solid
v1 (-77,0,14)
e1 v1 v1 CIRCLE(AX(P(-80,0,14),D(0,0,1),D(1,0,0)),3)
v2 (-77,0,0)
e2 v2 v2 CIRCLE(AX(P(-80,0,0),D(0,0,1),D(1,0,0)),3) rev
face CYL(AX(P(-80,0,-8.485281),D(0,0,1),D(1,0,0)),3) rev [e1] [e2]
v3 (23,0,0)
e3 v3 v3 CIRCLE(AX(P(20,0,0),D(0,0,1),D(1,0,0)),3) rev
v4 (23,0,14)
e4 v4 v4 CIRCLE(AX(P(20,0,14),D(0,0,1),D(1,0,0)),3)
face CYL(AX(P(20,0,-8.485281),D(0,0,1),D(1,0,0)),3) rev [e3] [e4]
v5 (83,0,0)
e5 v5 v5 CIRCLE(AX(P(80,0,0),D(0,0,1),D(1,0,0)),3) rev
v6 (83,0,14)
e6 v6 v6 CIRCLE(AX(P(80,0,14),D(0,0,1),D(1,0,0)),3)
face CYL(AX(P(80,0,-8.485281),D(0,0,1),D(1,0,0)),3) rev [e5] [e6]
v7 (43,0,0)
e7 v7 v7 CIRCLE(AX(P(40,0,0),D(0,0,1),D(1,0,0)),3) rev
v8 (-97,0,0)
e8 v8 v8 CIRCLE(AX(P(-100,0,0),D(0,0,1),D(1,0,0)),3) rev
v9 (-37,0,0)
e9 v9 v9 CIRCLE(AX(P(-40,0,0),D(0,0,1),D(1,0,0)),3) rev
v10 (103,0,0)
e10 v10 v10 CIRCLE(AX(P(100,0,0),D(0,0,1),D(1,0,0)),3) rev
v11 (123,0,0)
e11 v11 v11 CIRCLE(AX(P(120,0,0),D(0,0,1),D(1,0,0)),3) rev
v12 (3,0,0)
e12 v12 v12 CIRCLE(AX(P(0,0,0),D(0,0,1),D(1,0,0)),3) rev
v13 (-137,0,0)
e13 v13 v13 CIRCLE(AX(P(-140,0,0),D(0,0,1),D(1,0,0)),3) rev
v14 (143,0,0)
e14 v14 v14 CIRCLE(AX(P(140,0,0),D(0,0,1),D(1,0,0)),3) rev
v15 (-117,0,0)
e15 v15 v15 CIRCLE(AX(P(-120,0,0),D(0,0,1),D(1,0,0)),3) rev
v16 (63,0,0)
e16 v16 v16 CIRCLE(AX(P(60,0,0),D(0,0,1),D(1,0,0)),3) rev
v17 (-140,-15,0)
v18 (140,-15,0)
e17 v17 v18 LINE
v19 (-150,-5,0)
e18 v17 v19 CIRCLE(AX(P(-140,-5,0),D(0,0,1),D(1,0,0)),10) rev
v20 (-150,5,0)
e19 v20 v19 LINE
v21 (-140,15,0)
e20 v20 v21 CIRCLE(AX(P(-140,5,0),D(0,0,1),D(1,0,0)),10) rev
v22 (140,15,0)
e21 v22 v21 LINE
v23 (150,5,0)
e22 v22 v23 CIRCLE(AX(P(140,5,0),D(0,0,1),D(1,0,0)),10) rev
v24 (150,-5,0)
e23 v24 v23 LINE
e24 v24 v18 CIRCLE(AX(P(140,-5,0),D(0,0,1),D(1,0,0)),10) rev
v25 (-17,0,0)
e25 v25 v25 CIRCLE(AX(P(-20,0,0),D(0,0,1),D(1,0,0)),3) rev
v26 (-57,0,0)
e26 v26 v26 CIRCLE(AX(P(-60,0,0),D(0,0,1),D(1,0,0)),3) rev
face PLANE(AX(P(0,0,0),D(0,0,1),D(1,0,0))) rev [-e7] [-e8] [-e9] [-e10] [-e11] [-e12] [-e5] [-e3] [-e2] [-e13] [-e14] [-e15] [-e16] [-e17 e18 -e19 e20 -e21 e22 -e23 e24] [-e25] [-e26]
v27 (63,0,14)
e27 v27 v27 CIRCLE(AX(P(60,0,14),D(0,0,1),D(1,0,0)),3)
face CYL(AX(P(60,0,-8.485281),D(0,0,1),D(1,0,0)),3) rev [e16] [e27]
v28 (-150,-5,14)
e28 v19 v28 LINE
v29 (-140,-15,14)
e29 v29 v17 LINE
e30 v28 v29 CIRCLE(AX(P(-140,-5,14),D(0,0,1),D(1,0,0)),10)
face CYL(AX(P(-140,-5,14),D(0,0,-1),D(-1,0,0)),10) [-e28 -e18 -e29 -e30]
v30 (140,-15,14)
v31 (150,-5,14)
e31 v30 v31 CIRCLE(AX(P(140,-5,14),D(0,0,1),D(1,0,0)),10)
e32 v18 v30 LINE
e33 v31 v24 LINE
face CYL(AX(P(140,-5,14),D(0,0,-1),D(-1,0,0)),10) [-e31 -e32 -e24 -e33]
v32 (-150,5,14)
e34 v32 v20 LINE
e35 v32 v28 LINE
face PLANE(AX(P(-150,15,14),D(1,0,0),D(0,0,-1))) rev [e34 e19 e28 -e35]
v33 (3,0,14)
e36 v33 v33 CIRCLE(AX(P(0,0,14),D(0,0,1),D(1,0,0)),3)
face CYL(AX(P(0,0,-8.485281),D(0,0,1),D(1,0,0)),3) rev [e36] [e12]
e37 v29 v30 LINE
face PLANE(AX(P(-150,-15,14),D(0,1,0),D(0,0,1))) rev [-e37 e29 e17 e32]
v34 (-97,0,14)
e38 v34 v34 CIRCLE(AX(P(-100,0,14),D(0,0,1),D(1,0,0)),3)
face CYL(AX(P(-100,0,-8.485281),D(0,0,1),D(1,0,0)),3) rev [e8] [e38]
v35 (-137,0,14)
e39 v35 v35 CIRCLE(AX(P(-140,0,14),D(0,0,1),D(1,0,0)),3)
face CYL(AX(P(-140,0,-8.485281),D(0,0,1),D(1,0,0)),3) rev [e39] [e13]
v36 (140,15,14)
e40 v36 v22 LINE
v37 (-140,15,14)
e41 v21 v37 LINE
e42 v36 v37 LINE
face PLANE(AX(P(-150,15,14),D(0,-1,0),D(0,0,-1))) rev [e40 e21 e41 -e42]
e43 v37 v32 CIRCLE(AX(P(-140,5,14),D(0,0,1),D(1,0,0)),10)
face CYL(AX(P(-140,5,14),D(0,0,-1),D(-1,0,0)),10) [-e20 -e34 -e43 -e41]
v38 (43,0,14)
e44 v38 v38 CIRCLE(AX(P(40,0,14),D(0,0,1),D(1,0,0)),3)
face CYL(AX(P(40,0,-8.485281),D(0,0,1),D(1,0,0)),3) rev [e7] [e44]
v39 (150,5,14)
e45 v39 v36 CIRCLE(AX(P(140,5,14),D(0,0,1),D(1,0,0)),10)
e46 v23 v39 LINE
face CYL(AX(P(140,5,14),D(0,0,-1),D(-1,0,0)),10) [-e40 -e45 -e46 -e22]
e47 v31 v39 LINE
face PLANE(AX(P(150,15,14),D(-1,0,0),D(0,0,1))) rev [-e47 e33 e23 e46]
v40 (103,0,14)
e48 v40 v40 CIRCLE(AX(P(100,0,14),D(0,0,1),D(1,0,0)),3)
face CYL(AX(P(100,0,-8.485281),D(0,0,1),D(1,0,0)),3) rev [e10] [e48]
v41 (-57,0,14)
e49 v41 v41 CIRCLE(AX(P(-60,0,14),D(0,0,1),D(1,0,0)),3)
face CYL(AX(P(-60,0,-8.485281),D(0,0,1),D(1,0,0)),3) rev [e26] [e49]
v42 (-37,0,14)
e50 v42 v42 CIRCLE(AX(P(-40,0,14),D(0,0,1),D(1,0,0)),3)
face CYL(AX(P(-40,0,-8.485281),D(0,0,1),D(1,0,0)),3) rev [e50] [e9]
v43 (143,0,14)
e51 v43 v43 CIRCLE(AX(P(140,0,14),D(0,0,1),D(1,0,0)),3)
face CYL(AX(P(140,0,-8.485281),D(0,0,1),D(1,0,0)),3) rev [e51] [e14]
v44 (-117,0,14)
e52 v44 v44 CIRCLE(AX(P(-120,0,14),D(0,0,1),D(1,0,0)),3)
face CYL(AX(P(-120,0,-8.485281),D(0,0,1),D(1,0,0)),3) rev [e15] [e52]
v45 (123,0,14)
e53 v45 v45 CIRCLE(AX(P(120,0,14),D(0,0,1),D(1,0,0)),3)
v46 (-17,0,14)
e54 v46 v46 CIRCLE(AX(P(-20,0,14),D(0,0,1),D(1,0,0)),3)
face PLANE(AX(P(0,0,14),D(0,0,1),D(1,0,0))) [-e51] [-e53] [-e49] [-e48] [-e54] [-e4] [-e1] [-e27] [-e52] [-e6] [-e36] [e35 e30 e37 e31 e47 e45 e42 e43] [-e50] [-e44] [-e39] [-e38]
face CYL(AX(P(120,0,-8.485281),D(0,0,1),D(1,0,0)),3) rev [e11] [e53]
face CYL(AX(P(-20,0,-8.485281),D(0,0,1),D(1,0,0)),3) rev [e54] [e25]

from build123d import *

# Parameters (mm, degrees)
SKETCH1_W           = 300
SKETCH1_H           = 30
BOSS_EXTRUDE1_DEPTH = 14
SKETCH2_R           = 3
CUT_EXTRUDE1_DEPTH  = 14
FILLET1_R           = 10


with BuildPart() as part:
    # Sketch1 → Boss-Extrude1 (new body)
    with BuildSketch(Plane.XY):
        Rectangle(SKETCH1_W, SKETCH1_H)
    extrude(amount=BOSS_EXTRUDE1_DEPTH)

    # Sketch2 → Cut-Extrude1 (cut)
    with BuildSketch(Plane.XY.offset(14)):
        with Locations((100, 0)):
            Circle(SKETCH2_R)
        with Locations((-100, 0)):
            Circle(SKETCH2_R)
        with Locations((-140, 0)):
            Circle(SKETCH2_R)
        with Locations((-120, 0)):
            Circle(SKETCH2_R)
        with Locations((120, 0)):
            Circle(SKETCH2_R)
        with Locations((140, 0)):
            Circle(SKETCH2_R)
        with Locations((-80, 0)):
            Circle(SKETCH2_R)
        with Locations((80, 0)):
            Circle(SKETCH2_R)
        with Locations((-60, 0)):
            Circle(SKETCH2_R)
        with Locations((-40, 0)):
            Circle(SKETCH2_R)
        with Locations((60, 0)):
            Circle(SKETCH2_R)
        with Locations((40, 0)):
            Circle(SKETCH2_R)
        with Locations((-20, 0)):
            Circle(SKETCH2_R)
        Circle(SKETCH2_R)
        with Locations((20, 0)):
            Circle(SKETCH2_R)
    extrude(amount=-CUT_EXTRUDE1_DEPTH, mode=Mode.SUBTRACT)

    # Fillet1
    fillet1_edges = [part.edges().sort_by_distance(p)[0] for p in [
        (150, -15, 7),
        (-150, -15, 7),
        (-150, 15, 7),
        (150, 15, 7),
    ]]
    fillet(fillet1_edges, radius=FILLET1_R)


solid = part.part
